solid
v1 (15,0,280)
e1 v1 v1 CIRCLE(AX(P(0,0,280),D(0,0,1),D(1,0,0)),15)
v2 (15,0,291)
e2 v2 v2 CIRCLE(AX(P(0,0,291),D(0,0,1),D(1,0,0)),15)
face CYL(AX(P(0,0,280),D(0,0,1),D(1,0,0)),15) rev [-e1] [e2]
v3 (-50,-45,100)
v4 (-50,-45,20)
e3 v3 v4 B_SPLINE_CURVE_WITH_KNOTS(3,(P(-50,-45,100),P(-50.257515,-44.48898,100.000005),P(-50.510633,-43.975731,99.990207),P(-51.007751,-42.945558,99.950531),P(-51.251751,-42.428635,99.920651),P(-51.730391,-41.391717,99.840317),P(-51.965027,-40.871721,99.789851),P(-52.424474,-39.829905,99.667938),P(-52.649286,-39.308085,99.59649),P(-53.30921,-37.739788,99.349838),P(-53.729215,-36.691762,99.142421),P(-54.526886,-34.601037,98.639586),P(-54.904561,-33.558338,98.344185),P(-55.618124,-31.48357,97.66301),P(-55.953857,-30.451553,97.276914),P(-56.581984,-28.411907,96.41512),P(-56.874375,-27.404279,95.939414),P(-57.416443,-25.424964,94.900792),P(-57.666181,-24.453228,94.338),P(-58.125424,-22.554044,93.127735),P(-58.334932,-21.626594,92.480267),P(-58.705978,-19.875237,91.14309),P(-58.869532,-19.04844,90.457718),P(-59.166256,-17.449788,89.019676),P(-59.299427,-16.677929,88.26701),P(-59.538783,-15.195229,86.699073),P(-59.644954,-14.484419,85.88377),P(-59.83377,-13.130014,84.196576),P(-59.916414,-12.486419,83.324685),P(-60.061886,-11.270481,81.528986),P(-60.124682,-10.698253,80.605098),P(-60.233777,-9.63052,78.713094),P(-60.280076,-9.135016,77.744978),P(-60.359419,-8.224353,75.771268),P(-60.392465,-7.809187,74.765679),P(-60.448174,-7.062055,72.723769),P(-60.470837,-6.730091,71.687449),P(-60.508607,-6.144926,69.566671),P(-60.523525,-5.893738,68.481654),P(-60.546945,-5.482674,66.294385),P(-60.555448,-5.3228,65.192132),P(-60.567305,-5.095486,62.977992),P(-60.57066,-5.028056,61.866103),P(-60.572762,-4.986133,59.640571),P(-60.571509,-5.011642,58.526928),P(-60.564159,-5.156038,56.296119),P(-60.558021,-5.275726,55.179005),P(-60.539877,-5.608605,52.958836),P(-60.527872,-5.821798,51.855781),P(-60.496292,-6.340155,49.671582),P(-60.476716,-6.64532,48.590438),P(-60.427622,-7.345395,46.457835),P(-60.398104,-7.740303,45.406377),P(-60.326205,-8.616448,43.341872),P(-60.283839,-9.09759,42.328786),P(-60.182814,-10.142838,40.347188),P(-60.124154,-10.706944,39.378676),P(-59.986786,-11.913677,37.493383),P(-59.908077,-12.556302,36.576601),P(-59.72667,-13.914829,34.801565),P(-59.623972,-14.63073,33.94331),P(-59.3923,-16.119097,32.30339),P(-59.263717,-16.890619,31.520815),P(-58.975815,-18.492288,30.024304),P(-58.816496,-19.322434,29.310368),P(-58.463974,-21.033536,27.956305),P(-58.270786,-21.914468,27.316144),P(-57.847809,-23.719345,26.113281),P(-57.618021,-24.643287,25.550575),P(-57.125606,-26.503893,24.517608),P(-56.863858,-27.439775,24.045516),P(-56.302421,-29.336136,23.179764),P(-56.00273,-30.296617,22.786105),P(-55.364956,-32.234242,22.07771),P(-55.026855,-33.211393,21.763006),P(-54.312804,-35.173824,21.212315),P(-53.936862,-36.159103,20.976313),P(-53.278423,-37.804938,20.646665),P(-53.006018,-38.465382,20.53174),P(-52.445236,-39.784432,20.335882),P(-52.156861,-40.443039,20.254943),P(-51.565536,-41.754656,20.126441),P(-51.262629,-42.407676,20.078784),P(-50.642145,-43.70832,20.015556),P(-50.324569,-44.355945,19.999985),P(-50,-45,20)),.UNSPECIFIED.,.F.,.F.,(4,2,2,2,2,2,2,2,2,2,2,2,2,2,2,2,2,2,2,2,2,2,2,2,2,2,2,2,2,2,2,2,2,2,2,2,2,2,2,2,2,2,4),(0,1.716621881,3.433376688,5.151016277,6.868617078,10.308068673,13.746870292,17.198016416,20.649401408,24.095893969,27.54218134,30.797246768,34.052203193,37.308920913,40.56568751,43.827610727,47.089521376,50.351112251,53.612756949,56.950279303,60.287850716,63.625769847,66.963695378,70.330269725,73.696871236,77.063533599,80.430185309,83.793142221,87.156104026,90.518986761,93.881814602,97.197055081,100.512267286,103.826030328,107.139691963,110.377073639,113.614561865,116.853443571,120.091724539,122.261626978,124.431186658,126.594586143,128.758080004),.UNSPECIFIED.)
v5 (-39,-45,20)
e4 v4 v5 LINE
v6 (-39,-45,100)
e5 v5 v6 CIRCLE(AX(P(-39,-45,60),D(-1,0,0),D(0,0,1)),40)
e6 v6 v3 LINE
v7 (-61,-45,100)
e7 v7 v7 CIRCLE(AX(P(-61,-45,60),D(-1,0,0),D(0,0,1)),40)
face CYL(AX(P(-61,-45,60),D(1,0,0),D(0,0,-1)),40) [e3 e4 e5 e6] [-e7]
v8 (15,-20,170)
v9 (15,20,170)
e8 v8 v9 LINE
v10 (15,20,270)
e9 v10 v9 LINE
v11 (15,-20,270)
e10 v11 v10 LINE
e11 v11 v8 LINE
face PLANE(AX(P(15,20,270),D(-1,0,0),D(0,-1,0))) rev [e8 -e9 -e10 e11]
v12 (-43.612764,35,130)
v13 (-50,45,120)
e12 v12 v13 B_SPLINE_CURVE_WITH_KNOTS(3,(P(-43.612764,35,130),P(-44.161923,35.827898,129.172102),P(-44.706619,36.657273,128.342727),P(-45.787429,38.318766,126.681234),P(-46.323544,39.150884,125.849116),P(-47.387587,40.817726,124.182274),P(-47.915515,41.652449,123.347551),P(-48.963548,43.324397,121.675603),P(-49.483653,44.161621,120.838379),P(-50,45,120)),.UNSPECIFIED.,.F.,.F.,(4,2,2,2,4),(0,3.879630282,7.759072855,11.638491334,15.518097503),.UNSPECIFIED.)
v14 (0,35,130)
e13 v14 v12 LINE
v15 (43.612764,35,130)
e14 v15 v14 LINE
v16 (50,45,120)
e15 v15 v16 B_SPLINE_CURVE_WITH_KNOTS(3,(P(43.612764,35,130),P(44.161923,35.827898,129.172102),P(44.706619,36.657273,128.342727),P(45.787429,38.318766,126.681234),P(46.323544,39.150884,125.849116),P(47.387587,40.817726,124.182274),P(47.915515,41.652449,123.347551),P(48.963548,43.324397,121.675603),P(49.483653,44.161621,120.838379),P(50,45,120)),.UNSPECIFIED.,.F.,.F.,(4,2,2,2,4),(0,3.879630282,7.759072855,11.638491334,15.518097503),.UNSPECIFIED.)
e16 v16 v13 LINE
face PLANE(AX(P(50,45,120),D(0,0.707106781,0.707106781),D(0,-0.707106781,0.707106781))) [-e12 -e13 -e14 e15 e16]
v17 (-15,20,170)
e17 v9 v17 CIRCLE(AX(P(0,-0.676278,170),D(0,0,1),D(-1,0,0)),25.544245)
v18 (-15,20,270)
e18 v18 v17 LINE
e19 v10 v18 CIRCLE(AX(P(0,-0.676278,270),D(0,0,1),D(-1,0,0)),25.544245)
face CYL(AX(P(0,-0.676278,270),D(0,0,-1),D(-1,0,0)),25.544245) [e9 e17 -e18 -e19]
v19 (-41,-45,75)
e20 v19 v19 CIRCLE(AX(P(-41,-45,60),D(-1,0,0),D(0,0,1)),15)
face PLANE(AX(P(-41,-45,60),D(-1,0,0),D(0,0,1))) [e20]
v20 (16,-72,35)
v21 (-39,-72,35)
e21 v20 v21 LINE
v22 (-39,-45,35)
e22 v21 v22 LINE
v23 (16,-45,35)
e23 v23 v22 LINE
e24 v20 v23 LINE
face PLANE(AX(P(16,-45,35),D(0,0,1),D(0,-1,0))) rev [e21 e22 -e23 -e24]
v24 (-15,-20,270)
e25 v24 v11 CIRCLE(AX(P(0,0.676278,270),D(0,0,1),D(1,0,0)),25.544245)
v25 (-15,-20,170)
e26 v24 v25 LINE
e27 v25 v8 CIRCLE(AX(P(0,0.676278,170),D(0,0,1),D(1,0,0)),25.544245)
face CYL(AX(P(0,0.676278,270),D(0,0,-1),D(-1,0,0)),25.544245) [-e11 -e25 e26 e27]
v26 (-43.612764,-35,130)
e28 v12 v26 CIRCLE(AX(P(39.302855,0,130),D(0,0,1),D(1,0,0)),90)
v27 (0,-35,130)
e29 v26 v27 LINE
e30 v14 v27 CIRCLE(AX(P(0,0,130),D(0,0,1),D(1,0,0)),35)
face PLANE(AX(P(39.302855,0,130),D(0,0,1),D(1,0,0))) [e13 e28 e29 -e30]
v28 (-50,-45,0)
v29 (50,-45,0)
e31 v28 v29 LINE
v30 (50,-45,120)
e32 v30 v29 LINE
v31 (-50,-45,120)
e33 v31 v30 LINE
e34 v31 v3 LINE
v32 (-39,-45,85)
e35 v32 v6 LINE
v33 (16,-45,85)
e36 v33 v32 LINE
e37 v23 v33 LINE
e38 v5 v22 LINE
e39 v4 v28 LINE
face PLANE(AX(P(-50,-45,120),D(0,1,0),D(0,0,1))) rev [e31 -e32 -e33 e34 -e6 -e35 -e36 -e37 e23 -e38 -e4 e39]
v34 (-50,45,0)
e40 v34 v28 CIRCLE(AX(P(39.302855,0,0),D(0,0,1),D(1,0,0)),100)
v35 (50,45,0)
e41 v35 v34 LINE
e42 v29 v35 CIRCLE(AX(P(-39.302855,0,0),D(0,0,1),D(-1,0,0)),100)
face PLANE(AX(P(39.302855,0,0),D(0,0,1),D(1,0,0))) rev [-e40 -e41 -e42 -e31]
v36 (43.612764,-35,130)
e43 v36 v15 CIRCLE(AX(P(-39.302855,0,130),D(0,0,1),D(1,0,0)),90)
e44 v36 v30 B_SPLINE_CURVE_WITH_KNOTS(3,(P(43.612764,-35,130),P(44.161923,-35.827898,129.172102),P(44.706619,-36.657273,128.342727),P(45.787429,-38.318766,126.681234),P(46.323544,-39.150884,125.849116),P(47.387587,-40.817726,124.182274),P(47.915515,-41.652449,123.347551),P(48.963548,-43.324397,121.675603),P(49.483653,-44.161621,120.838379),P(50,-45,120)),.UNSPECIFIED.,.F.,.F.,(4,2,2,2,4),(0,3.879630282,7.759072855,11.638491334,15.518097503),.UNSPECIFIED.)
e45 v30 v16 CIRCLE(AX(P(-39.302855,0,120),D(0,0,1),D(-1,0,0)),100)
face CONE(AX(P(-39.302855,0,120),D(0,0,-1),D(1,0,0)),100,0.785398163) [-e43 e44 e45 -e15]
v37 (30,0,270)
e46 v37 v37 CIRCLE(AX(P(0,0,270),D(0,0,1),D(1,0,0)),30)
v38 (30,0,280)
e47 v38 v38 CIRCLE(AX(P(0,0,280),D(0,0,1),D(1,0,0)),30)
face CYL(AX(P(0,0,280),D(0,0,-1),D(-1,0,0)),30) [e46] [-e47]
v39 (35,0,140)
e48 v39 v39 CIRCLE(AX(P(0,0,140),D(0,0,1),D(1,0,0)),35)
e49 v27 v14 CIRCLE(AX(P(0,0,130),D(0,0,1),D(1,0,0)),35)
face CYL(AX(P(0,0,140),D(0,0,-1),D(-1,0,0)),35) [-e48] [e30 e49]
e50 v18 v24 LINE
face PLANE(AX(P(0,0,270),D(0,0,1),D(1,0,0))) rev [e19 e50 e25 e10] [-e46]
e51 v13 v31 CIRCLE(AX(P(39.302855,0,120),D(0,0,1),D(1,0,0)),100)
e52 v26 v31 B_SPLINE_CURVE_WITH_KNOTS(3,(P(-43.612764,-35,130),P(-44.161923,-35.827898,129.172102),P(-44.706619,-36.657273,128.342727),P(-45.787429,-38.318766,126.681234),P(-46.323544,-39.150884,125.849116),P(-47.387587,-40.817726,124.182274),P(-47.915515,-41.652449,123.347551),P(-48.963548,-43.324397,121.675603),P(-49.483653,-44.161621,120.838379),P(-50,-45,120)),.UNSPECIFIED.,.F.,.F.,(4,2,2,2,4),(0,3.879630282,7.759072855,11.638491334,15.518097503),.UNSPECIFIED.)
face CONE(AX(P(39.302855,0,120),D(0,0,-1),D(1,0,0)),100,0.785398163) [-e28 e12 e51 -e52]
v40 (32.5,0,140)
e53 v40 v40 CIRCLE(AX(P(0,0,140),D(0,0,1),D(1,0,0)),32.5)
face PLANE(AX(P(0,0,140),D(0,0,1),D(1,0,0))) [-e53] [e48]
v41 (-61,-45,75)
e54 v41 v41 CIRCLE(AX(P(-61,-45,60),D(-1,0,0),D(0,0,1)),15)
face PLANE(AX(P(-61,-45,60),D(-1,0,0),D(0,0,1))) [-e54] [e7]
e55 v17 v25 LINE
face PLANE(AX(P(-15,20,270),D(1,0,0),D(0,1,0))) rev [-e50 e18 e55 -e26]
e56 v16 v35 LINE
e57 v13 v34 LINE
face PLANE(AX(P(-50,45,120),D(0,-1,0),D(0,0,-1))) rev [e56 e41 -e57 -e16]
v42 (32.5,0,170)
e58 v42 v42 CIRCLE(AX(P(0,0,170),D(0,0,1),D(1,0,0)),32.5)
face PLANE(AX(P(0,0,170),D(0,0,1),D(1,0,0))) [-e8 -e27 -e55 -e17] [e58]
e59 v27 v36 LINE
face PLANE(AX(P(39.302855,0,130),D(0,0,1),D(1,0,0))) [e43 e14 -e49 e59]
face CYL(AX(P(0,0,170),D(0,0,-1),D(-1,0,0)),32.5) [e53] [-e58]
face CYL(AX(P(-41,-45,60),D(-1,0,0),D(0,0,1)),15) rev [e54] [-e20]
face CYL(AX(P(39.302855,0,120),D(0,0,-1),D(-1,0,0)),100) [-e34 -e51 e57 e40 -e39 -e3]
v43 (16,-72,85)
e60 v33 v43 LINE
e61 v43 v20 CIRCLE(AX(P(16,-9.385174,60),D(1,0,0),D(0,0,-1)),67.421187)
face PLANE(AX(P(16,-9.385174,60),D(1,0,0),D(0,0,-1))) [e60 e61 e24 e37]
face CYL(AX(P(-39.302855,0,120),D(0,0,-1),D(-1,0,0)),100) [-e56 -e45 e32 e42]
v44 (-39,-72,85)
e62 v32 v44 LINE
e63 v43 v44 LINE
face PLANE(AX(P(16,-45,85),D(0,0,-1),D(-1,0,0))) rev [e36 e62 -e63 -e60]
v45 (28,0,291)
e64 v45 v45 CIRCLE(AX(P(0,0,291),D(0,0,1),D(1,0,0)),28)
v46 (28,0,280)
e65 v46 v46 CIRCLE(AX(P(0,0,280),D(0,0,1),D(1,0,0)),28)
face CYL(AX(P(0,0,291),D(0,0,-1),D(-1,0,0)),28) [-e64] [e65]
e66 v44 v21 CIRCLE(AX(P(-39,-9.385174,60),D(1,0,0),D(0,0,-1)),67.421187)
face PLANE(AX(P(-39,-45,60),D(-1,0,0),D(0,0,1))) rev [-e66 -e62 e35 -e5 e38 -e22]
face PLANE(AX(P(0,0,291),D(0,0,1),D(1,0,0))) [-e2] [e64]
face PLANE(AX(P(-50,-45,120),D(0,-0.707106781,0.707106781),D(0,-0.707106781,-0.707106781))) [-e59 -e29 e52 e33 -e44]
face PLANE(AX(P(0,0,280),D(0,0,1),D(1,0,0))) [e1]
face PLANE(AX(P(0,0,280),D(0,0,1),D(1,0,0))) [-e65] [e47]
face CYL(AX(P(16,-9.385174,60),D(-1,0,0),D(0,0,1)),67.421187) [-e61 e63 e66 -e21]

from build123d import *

# Parameters (mm, degrees)
BOSS_EXTRUDE1_DEPTH = 120
BOSS_EXTRUDE2_DEPTH = 10
BOSS_EXTRUDE2_TAPER = 45
SKETCH3_R           = 35
BOSS_EXTRUDE3_DEPTH = 10
SKETCH4_R           = 32.5
BOSS_EXTRUDE4_DEPTH = 30
BOSS_EXTRUDE5_DEPTH = 100
SKETCH6_R           = 30
BOSS_EXTRUDE6_DEPTH = 10
SKETCH7_R           = 28
BOSS_EXTRUDE7_DEPTH = 11
SKETCH8_R           = 40
BOSS_EXTRUDE8_DEPTH = 11
BOSS_EXTRUDE9_DEPTH = 55
SKETCH10_R          = 15
CUT_EXTRUDE1_DEPTH  = 11
SKETCH11_R          = 15
CUT_EXTRUDE2_DEPTH  = 20


with BuildPart() as part:
    # Sketch1 → Boss-Extrude1 (new body)
    with BuildSketch(Plane.XY):
        with BuildLine():
            Line((-50, 45), (50, 45))
            ThreePointArc((50, 45), (60.697144503, 0), (50, -45))
            Line((50, -45), (-50, -45))
            ThreePointArc((-50, -45), (-60.697144503, 0), (-50, 45))
        make_face()
    extrude(amount=BOSS_EXTRUDE1_DEPTH)

    # Sketch2 → Boss-Extrude2 (add)
    with BuildSketch(Plane.XY.offset(120)):
        with BuildLine():
            Line((-50, -45), (50, -45))
            ThreePointArc((50, -45), (60.697144503, 0), (50, 45))
            Line((50, 45), (-50, 45))
            ThreePointArc((-50, 45), (-60.697144503, 0), (-50, -45))
        make_face()
    extrude(amount=BOSS_EXTRUDE2_DEPTH, taper=BOSS_EXTRUDE2_TAPER)

    # Sketch3 → Boss-Extrude3 (add)
    with BuildSketch(Plane.XY.offset(130)):
        Circle(SKETCH3_R)
    extrude(amount=BOSS_EXTRUDE3_DEPTH)

    # Sketch4 → Boss-Extrude4 (add)
    with BuildSketch(Plane.XY.offset(140)):
        Circle(SKETCH4_R)
    extrude(amount=BOSS_EXTRUDE4_DEPTH)

    # Sketch5 → Boss-Extrude5 (add)
    with BuildSketch(Plane.XY.offset(170)):
        with BuildLine():
            Line((-15, 20), (-15, -20))
            ThreePointArc((-15, -20), (0, -24.86796738), (15, -20))
            Line((15, -20), (15, 20))
            ThreePointArc((15, 20), (0, 24.86796738), (-15, 20))
        make_face()
    extrude(amount=BOSS_EXTRUDE5_DEPTH)

    # Sketch6 → Boss-Extrude6 (add)
    with BuildSketch(Plane.XY.offset(270)):
        Circle(SKETCH6_R)
    extrude(amount=BOSS_EXTRUDE6_DEPTH)

    # Sketch7 → Boss-Extrude7 (add)
    with BuildSketch(Plane.XY.offset(280)):
        Circle(SKETCH7_R)
    extrude(amount=BOSS_EXTRUDE7_DEPTH)

    # Sketch8 → Boss-Extrude8 (add, symmetric)
    with BuildSketch(Plane.ZY.offset(50)):
        with Locations((60, -45)):
            Circle(SKETCH8_R)
    extrude(amount=BOSS_EXTRUDE8_DEPTH, both=True)

    # Sketch9 → Boss-Extrude9 (add)
    with BuildSketch(Plane(origin=(-39, 0, 0), x_dir=(0, 0, -1), z_dir=(1, 0, 0))):
        with BuildLine():
            Line((-85, -45), (-35, -45))
            Line((-35, -45), (-35, -72))
            ThreePointArc((-35, -72), (-60, -76.80636081), (-85, -72))
            Line((-85, -72), (-85, -45))
        make_face()
    extrude(amount=BOSS_EXTRUDE9_DEPTH)

    # Sketch10 → Cut-Extrude1 (cut)
    with BuildSketch(Plane.XY.offset(291)):
        Circle(SKETCH10_R)
    extrude(amount=-CUT_EXTRUDE1_DEPTH, mode=Mode.SUBTRACT)

    # Sketch11 → Cut-Extrude2 (cut)
    with BuildSketch(Plane.ZY.offset(61)):
        with Locations((60, -45)):
            Circle(SKETCH11_R)
    extrude(amount=-CUT_EXTRUDE2_DEPTH, mode=Mode.SUBTRACT)


solid = part.part
